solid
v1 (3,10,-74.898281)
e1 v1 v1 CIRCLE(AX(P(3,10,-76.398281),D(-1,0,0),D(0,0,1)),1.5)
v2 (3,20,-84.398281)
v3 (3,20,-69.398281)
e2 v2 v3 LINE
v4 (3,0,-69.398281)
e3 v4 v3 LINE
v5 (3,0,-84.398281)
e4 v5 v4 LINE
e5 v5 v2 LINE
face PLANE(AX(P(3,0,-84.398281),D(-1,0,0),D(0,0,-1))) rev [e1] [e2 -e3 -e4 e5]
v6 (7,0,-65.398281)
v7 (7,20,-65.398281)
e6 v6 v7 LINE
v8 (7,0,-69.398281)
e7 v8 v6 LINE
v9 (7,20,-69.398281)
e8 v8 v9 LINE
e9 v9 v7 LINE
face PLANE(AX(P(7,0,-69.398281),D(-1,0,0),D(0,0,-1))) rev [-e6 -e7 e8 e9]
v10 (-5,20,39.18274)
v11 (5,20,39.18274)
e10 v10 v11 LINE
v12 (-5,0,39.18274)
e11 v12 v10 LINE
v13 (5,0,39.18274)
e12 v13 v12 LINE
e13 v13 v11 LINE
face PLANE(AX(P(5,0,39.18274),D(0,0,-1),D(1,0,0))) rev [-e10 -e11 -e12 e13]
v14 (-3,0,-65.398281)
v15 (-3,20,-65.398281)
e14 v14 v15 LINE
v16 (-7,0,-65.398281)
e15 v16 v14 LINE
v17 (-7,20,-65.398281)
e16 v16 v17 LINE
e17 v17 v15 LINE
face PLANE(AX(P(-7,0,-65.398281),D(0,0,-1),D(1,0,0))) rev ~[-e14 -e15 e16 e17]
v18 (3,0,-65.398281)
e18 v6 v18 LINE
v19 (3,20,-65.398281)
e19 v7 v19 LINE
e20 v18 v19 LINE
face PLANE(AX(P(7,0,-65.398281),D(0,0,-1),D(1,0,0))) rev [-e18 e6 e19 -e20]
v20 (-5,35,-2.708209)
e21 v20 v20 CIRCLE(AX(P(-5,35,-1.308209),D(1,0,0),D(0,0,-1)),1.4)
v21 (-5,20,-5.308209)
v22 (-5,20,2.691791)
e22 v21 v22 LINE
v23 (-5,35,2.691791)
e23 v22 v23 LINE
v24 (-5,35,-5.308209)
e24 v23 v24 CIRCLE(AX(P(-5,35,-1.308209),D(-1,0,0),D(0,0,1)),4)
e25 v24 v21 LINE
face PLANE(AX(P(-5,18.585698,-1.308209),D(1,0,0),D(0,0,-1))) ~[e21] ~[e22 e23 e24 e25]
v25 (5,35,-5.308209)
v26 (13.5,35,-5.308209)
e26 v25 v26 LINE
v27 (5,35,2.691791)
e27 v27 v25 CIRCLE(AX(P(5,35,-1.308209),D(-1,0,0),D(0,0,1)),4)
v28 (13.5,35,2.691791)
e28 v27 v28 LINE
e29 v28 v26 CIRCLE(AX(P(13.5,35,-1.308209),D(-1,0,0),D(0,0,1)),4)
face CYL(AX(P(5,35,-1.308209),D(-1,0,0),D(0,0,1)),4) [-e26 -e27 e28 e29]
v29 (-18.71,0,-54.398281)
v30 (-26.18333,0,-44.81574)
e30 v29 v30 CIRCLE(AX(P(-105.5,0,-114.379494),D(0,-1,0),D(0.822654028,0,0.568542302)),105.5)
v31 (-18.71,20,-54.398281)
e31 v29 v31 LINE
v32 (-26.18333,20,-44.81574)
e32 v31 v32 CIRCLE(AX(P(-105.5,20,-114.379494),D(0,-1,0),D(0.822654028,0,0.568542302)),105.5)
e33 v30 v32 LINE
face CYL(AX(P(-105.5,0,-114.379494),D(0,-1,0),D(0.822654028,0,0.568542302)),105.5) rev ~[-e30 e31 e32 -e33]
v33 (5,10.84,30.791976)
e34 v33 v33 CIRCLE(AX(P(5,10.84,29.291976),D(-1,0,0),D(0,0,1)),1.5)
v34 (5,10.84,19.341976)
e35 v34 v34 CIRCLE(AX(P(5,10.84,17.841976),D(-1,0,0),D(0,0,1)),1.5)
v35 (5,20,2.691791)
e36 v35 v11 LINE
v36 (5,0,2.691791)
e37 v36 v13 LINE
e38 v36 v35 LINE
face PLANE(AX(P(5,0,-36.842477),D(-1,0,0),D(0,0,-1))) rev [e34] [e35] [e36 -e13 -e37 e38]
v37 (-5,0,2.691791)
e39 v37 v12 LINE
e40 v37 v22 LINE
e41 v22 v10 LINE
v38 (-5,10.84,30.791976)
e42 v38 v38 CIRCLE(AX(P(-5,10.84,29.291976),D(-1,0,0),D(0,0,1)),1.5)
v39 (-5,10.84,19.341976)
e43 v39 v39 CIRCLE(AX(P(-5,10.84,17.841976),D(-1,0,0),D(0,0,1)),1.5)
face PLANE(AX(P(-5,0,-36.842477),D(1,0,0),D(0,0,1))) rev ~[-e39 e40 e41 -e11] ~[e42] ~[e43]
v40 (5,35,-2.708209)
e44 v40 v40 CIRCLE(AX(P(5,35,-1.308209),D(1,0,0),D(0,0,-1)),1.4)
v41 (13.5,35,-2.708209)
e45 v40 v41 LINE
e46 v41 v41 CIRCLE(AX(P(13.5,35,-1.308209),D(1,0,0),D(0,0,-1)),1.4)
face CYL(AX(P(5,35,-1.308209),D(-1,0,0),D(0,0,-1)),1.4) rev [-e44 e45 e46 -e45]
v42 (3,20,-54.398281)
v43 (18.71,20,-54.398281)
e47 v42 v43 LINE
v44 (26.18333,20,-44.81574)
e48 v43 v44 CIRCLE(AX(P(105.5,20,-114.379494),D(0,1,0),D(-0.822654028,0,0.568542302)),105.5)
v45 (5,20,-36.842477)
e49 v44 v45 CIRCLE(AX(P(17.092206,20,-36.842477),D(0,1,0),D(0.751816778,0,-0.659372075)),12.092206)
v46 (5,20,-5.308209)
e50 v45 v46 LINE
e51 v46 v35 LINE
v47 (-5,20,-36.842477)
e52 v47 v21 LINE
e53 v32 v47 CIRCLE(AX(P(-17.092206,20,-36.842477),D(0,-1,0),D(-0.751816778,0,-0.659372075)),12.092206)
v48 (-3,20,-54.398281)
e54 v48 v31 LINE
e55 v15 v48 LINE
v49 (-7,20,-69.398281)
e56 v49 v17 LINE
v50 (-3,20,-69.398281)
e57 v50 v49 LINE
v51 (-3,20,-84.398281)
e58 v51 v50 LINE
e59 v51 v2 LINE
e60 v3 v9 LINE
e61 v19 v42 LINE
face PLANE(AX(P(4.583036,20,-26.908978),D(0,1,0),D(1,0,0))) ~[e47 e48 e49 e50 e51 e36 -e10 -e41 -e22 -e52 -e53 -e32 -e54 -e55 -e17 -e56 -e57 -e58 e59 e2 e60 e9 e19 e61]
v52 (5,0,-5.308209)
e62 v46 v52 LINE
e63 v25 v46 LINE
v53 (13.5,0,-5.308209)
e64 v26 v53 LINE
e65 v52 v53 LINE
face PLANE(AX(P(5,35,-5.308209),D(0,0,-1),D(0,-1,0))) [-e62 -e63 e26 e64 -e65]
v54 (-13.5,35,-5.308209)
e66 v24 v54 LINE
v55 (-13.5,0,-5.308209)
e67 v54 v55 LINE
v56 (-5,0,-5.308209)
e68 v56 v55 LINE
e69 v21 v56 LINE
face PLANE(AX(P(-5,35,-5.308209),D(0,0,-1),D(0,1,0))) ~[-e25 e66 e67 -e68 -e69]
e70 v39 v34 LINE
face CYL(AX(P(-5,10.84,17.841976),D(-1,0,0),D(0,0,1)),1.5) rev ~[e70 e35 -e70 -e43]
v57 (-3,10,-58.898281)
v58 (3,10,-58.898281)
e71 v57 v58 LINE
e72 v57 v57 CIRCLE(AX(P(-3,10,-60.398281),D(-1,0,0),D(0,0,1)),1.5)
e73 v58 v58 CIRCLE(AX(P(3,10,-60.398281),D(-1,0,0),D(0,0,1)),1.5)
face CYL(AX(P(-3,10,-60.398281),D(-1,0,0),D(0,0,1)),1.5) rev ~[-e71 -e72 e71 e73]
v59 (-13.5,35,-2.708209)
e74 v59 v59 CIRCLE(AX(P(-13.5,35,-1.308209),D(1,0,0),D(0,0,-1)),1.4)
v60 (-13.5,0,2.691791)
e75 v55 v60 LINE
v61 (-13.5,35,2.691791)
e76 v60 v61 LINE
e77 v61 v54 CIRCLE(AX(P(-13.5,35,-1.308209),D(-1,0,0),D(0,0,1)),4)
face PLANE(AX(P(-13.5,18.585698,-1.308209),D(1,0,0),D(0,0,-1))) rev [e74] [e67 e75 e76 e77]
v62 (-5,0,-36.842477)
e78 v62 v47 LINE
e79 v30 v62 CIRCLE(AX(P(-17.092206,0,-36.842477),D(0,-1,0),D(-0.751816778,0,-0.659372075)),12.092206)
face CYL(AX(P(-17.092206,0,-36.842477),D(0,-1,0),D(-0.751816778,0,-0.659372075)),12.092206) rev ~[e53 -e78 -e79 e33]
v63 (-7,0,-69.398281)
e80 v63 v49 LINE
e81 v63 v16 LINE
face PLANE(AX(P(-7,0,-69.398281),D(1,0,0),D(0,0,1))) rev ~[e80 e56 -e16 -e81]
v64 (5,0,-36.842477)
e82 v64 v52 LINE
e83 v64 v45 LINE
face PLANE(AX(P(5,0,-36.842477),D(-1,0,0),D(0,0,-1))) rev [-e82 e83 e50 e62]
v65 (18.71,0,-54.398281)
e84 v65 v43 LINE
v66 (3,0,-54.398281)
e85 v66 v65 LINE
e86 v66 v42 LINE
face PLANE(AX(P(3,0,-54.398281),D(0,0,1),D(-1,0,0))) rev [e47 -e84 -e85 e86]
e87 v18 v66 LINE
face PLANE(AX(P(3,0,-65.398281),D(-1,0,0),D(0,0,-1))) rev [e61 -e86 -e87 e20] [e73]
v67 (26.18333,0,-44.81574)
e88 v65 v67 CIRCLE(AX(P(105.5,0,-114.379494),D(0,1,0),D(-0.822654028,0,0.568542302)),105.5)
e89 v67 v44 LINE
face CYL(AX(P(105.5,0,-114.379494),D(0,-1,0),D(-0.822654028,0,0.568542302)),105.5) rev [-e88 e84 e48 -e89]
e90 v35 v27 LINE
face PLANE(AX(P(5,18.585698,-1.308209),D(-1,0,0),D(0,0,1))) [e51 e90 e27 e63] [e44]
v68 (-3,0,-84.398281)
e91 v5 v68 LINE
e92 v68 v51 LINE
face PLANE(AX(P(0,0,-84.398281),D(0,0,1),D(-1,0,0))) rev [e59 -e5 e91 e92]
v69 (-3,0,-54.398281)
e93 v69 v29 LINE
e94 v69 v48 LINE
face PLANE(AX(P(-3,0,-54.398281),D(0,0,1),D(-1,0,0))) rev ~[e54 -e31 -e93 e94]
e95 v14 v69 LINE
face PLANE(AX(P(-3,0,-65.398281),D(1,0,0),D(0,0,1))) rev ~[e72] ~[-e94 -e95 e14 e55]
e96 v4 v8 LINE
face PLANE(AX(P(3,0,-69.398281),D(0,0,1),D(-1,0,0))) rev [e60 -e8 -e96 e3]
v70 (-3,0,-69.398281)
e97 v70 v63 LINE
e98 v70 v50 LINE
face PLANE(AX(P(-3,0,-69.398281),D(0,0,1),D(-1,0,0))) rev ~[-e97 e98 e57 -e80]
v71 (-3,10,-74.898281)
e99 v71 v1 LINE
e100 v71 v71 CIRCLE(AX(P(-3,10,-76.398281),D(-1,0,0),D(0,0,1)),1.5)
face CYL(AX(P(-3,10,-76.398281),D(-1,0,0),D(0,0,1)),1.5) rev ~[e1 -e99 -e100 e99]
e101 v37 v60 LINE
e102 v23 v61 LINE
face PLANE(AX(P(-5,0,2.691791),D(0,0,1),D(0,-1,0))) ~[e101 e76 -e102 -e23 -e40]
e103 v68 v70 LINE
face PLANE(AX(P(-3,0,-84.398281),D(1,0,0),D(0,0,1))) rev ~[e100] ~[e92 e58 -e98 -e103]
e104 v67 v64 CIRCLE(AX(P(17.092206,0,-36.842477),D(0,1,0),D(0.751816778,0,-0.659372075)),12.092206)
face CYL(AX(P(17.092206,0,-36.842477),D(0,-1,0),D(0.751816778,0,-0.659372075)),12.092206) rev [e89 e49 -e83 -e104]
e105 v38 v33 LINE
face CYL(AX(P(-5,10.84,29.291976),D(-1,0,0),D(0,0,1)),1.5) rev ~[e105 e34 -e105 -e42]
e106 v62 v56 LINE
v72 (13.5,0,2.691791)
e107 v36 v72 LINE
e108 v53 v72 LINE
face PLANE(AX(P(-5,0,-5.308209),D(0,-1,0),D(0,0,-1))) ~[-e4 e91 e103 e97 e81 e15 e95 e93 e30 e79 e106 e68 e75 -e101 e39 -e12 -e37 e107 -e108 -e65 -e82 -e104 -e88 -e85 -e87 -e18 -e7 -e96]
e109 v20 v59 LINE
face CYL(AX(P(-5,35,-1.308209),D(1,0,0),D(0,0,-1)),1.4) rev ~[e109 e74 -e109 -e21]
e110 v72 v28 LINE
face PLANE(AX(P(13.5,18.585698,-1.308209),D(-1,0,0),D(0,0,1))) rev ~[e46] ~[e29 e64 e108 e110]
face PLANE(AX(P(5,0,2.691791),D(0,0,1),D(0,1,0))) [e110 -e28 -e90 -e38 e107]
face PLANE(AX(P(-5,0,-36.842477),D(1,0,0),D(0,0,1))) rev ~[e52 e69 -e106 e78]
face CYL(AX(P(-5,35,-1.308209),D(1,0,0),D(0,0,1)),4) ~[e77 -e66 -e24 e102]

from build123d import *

# Parameters (mm, degrees)
BOSS_EXTRU_1_DEPTH      = 20
ESQUISSE3_R             = 1.5
ENL_V_MAT_EXTRU_3_DEPTH = 20
ESQUISSE4_R             = 1.5
ENL_V_MAT_EXTRU_4_DEPTH = 10
ESQUISSE5_R             = 1.5
ENL_V_MAT_EXTRU_5_DEPTH = 10
ESQUISSE6_R             = 1.4
BOSS_EXTRU_2_DEPTH      = 8.5


with BuildPart() as part:
    # Esquisse1 → Boss.-Extru.1 (new body)
    with BuildSketch(Plane(origin=(0, 0, 0), x_dir=(1, 0, 0), z_dir=(0, 1, 0))):
        with BuildLine():
            Line((-3, 84.398281038), (-3, 69.398281038))
            Line((-3, 69.398281038), (-7, 69.398281038))
            Line((-7, 69.398281038), (-7, 65.398281038))
            Line((-7, 65.398281038), (-3, 65.398281038))
            Line((-3, 65.398281038), (-3, 54.398281038))
            Line((-3, 54.398281038), (-18.71, 54.398281038))
            ThreePointArc((-18.71, 54.398281038), (-22.308577777, 49.499317693), (-26.183329952, 44.81574006))
            ThreePointArc((-26.183329952, 44.81574006), (-12.83252844, 48.159570073), (-5, 36.842476876))
            Line((-5, 36.842476876), (-5, -39.182739587))
            Line((-5, -39.182739587), (0, -39.182739587))
            Line((0, -39.182739587), (0, 84.398281038))
            Line((0, 84.398281038), (-3, 84.398281038))
        make_face()
    boss_extru_1 = extrude(amount=BOSS_EXTRU_1_DEPTH)

    # Symétrie1: Boss.-Extru.1 across plane
    add(boss_extru_1.mirror(Plane(origin=(0, 20, -84.398281038), x_dir=(0, 0, 1), z_dir=(-1, 0, 0))))

    # Esquisse3 → Enlèv. mat.-Extru.3 (cut)
    with BuildSketch(Plane.ZY.offset(3)):
        with Locations((-76.398281038, 10)):
            Circle(ESQUISSE3_R)
        with Locations((-60.398281038, 10)):
            Circle(ESQUISSE3_R)
    extrude(amount=-ENL_V_MAT_EXTRU_3_DEPTH, mode=Mode.SUBTRACT)

    # Esquisse4 → Enlèv. mat.-Extru.4 (cut)
    with BuildSketch(Plane.ZY.offset(5)):
        with Locations((29.291975875, 10.84)):
            Circle(ESQUISSE4_R)
    extrude(amount=-ENL_V_MAT_EXTRU_4_DEPTH, mode=Mode.SUBTRACT)

    # Esquisse5 → Enlèv. mat.-Extru.5 (cut)
    with BuildSketch(Plane.ZY.offset(5)):
        with Locations((17.841975875, 10.84)):
            Circle(ESQUISSE5_R)
    extrude(amount=-ENL_V_MAT_EXTRU_5_DEPTH, mode=Mode.SUBTRACT)

    # Esquisse6 → Boss.-Extru.2 (add)
    with BuildSketch(Plane(origin=(5, 0, 0), x_dir=(0, 0, -1), z_dir=(1, 0, 0))):
        with BuildLine():
            Line((5.308208853, 0), (-2.691791147, 0))
            Line((-2.691791147, 0), (-2.691791147, 35))
            ThreePointArc((-2.691791147, 35), (1.308208853, 39), (5.308208853, 35))
            Line((5.308208853, 35), (5.308208853, 0))
        make_face()
        with Locations((1.308208853, 35)):
            Circle(ESQUISSE6_R, mode=Mode.SUBTRACT)
    boss_extru_2 = extrude(amount=BOSS_EXTRU_2_DEPTH)

    # Symétrie2: Boss.-Extru.2 across plane
    add(boss_extru_2.mirror(Plane.ZY))


solid = part.part
